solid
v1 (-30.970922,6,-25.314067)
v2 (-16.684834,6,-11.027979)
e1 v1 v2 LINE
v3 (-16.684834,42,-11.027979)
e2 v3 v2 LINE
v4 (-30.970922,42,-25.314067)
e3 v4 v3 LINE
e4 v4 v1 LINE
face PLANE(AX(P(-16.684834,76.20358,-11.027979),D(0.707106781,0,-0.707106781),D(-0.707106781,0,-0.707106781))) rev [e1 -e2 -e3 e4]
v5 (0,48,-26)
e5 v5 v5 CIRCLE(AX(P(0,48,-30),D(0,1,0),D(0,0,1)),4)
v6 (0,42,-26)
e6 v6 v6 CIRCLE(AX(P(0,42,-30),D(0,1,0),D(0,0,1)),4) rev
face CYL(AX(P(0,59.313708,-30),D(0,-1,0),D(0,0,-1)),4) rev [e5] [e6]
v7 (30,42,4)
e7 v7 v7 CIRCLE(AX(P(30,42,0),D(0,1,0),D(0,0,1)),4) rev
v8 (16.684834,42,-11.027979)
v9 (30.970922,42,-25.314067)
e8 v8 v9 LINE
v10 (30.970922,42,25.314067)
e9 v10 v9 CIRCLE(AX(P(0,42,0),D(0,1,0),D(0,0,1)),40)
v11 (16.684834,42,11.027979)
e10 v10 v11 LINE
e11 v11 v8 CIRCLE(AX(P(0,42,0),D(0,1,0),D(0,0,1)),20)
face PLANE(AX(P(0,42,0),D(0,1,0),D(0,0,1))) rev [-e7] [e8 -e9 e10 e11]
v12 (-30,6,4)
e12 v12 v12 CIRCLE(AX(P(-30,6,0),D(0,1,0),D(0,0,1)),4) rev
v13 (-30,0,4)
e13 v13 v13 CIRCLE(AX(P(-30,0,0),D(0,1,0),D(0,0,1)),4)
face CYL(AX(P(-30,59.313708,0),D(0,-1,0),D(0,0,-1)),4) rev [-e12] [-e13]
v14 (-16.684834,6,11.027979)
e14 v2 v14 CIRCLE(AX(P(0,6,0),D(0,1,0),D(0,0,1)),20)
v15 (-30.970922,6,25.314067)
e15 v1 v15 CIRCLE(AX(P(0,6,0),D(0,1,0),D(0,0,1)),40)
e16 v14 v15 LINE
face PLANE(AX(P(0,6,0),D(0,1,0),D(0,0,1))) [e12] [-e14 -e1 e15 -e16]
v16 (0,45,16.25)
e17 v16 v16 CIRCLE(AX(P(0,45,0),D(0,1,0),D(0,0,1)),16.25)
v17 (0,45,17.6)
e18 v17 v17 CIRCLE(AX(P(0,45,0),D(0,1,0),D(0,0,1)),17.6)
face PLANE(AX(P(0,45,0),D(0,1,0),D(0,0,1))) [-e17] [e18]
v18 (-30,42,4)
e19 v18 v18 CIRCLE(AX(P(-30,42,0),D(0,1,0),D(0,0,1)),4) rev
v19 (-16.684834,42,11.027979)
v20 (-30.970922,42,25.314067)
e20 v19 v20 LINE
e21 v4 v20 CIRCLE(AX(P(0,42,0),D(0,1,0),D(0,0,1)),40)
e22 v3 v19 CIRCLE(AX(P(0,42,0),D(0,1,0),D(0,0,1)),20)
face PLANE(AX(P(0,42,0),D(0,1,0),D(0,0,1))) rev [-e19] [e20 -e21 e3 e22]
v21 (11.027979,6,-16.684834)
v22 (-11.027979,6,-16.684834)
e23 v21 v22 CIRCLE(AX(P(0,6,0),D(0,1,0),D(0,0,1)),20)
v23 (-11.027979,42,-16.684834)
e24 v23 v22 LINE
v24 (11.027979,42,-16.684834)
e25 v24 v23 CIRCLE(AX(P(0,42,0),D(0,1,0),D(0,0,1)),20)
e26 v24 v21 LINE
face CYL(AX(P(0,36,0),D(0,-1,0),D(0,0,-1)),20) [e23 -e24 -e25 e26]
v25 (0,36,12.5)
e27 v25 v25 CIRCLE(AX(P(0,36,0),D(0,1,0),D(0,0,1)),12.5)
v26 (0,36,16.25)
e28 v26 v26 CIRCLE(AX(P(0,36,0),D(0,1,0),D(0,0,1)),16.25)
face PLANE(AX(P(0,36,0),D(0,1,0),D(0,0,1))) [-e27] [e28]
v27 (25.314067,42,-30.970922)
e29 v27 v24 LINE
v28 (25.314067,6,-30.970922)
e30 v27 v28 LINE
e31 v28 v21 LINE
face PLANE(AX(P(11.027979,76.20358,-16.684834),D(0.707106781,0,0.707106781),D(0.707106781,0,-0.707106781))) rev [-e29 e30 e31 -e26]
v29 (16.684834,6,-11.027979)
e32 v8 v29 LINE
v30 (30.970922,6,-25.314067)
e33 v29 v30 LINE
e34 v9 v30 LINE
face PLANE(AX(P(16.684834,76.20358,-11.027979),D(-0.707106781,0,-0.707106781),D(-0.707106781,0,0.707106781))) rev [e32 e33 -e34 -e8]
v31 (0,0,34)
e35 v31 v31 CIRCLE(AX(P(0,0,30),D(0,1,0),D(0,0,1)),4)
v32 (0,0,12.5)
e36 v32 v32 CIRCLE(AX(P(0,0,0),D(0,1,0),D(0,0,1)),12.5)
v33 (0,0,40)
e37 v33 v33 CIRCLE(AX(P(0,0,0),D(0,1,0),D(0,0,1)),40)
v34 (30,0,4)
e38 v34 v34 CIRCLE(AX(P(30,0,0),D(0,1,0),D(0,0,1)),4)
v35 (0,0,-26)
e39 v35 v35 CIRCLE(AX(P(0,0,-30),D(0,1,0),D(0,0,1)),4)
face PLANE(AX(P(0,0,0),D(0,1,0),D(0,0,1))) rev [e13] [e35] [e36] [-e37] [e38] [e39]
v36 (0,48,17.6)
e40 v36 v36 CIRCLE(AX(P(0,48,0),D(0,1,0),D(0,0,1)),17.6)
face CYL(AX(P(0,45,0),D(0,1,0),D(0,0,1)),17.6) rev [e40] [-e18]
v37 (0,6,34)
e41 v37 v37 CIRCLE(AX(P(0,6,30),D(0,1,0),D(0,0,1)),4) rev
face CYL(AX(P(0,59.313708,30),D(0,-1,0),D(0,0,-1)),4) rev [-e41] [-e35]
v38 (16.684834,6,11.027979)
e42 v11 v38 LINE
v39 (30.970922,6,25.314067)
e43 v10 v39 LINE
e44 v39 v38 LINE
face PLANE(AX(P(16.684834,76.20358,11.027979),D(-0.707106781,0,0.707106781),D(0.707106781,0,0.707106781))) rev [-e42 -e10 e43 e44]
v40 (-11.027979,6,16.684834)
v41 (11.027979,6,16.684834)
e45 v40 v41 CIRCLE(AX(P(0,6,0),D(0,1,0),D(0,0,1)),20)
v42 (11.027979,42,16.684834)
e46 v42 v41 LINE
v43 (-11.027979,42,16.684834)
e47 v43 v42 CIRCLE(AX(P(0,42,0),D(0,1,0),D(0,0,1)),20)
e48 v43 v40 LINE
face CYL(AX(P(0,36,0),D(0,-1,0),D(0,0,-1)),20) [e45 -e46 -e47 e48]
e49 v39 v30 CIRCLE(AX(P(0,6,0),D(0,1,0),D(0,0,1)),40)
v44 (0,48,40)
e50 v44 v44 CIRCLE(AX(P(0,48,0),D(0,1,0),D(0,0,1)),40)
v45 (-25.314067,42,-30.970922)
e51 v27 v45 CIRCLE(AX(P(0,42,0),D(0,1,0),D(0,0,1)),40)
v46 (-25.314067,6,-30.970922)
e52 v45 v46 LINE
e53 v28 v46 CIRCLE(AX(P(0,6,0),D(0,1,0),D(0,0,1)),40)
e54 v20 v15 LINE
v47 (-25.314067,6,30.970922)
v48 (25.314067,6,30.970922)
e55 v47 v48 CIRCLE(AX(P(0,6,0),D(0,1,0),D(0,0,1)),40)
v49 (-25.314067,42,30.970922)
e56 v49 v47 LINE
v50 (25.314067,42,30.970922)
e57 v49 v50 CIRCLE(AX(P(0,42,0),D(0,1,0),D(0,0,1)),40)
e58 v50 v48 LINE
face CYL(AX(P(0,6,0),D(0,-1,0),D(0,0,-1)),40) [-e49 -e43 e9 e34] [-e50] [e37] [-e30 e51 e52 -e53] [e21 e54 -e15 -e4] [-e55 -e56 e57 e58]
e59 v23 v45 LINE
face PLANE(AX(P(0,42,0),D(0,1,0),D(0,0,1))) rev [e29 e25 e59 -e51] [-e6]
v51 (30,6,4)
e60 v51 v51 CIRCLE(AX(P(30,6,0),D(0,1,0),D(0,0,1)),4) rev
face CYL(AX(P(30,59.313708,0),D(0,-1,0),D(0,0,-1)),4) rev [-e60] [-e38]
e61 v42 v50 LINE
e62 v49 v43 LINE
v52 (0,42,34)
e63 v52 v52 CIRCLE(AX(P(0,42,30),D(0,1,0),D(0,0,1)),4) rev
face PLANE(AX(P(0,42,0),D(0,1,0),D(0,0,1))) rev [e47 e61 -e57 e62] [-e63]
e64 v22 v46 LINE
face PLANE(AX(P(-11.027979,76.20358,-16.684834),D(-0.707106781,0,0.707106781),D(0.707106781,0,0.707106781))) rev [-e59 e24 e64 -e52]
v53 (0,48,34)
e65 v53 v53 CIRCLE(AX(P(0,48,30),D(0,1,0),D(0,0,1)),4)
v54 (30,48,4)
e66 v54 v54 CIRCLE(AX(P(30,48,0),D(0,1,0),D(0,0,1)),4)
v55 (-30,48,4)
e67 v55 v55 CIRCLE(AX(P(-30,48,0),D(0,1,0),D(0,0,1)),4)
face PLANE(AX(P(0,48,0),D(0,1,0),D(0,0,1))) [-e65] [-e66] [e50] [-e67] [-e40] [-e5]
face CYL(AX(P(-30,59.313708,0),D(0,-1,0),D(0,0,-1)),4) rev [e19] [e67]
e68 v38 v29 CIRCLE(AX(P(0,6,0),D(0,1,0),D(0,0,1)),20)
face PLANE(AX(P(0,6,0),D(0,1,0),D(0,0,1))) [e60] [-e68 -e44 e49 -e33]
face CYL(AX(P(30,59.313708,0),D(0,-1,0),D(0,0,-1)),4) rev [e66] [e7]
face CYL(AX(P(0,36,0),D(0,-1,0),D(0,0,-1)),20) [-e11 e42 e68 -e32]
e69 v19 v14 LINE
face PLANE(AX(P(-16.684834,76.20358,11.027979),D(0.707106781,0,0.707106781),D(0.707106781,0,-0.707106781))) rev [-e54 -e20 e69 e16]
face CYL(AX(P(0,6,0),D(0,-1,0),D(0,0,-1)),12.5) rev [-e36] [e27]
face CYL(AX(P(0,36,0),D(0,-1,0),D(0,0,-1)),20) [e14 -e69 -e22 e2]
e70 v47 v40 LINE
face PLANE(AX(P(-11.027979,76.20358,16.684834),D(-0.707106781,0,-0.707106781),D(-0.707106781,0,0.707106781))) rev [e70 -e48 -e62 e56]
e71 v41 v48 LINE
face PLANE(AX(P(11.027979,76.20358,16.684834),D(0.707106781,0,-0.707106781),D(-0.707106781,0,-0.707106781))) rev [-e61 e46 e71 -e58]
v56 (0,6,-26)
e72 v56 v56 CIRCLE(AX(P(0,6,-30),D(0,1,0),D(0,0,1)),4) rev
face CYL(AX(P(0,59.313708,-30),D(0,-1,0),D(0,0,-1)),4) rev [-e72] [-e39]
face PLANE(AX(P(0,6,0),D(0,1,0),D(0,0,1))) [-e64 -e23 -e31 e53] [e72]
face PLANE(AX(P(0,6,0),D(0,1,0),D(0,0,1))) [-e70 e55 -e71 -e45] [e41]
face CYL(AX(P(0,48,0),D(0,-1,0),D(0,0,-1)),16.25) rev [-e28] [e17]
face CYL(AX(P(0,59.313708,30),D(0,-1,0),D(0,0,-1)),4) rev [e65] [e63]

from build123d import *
from build123d.topology import SkipClean

# Parameters (mm, degrees)
SKETCH1_R           = 40
SKETCH1_R_2         = 12.5
BOSS_EXTRUDE1_DEPTH = 6
SKETCH3_R           = 20
SKETCH3_R_2         = 12.5
BOSS_EXTRUDE2_DEPTH = 30
SKETCH4_R           = 20
SKETCH4_R_2         = 16.25
BOSS_EXTRUDE3_DEPTH = 12
BOSS_EXTRUDE4_DEPTH = 42
SKETCH6_R           = 17.6
CUT_EXTRUDE2_DEPTH  = 3
BOSS_EXTRUDE5_START = -6
SKETCH7_R           = 40
SKETCH7_R_2         = 20
BOSS_EXTRUDE5_DEPTH = 6
CUT_EXTRUDE1_REACH  = 76.189
SKETCH2_R           = 4


with BuildPart() as part:
    # Sketch1 → Boss-Extrude1 (new body)
    with BuildSketch(Plane(origin=(0, 0, 0), x_dir=(1, 0, 0), z_dir=(0, 1, 0))):
        with Locations(Location((0, 0, 0), (0, 0, 270))):
            Circle(SKETCH1_R)
        with Locations(Location((0, 0, 0), (0, 0, 270))):
            Circle(SKETCH1_R_2, mode=Mode.SUBTRACT)
    extrude(amount=BOSS_EXTRUDE1_DEPTH)

    # Sketch3 → Boss-Extrude2 (add)
    with BuildSketch(Plane(origin=(0, 6, 0), x_dir=(1, 0, 0), z_dir=(0, 1, 0))):
        with Locations(Location((0, 0, 0), (0, 0, 270))):
            Circle(SKETCH3_R)
        with Locations(Location((0, 0, 0), (0, 0, 270))):
            Circle(SKETCH3_R_2, mode=Mode.SUBTRACT)
    extrude(amount=BOSS_EXTRUDE2_DEPTH)

    # Sketch4 → Boss-Extrude3 (add)
    with BuildSketch(Plane(origin=(0, 36, 0), x_dir=(1, 0, 0), z_dir=(0, 1, 0))):
        with Locations(Location((0, 0, 0), (0, 0, 270))):
            Circle(SKETCH4_R)
        with Locations(Location((0, 0, 0), (0, 0, 270))):
            Circle(SKETCH4_R_2, mode=Mode.SUBTRACT)
    extrude(amount=BOSS_EXTRUDE3_DEPTH)

    # Sketch5 → Boss-Extrude4 (add)
    with SkipClean():  # the faces are left unmerged after this step: merging them gives an invalid solid
        with BuildSketch(Plane(origin=(0, 6, 0), x_dir=(1, 0, 0), z_dir=(0, 1, 0))):
            with BuildLine():
                Line((-16.684833585, -11.027979336), (-30.970921684, -25.314067434))
                ThreePointArc((-30.970921684, -25.314067434), (-28.284271247, -28.284271247), (-25.314067434, -30.970921684))
                Line((-25.314067434, -30.970921684), (-11.027979336, -16.684833585))
                ThreePointArc((-11.027979336, -16.684833585), (-14.142135624, -14.142135624), (-16.684833585, -11.027979336))
            make_face()
            with BuildLine():
                Line((-16.684833585, 11.027979336), (-30.970921684, 25.314067434))
                ThreePointArc((-30.970921684, 25.314067434), (-28.284271247, 28.284271247), (-25.314067434, 30.970921684))
                Line((-25.314067434, 30.970921684), (-11.027979336, 16.684833585))
                ThreePointArc((-11.027979336, 16.684833585), (-14.142135624, 14.142135624), (-16.684833585, 11.027979336))
            make_face()
            with BuildLine():
                Line((11.027979336, 16.684833585), (25.314067434, 30.970921684))
                ThreePointArc((25.314067434, 30.970921684), (28.284271247, 28.284271247), (30.970921684, 25.314067434))
                Line((30.970921684, 25.314067434), (16.684833585, 11.027979336))
                ThreePointArc((16.684833585, 11.027979336), (14.142135624, 14.142135624), (11.027979336, 16.684833585))
            make_face()
            with BuildLine():
                Line((16.684833585, -11.027979336), (30.970921684, -25.314067434))
                ThreePointArc((30.970921684, -25.314067434), (28.284271247, -28.284271247), (25.314067434, -30.970921684))
                Line((25.314067434, -30.970921684), (11.027979336, -16.684833585))
                ThreePointArc((11.027979336, -16.684833585), (14.142135624, -14.142135624), (16.684833585, -11.027979336))
            make_face()
        extrude(amount=BOSS_EXTRUDE4_DEPTH)

    # Sketch6 → Cut-Extrude2 (cut)
    with SkipClean():  # the faces are left unmerged after this step: merging them gives an invalid solid
        with BuildSketch(Plane(origin=(0, 48, 0), x_dir=(1, 0, 0), z_dir=(0, 1, 0))):
            with Locations(Location((0, 0, 0), (0, 0, 270))):
                Circle(SKETCH6_R)
        extrude(amount=-CUT_EXTRUDE2_DEPTH, mode=Mode.SUBTRACT)

    # Sketch7 → Boss-Extrude5 (add)
    with SkipClean():  # the faces are left unmerged after this step: merging them gives an invalid solid
        with BuildSketch(Plane(origin=(0, 48, 0), x_dir=(1, 0, 0), z_dir=(0, 1, 0)).offset(BOSS_EXTRUDE5_START)):
            with Locations(Location((0, 0, 0), (0, 0, 270))):
                Circle(SKETCH7_R)
            Circle(SKETCH7_R_2, mode=Mode.SUBTRACT)
        extrude(amount=BOSS_EXTRUDE5_DEPTH)

    # Cut-Extrude1: up to this face of the body (flat: up to its plane)
    cut_extrude1_end = Plane(part.part.faces().sort_by_distance((0, 48, 29.129034722))[0])
    # Sketch2 → Cut-Extrude1 (cut, up to the picked face)
    with BuildSketch(Plane(origin=(0, 0, 0), x_dir=(1, 0, 0), z_dir=(0, 1, 0)), mode=Mode.PRIVATE) as cut_extrude1_sk1:
        with Locations(Location((0, 30, 0), (0, 0, 270))):
            Circle(SKETCH2_R)
    cut_extrude1_tool1 = split(extrude(cut_extrude1_sk1.sketch, amount=CUT_EXTRUDE1_REACH, mode=Mode.PRIVATE), bisect_by=cut_extrude1_end, keep=Keep.BOTH, mode=Mode.PRIVATE)
    # Sketch2 → Cut-Extrude1 (cut, up to the picked face)
    with BuildSketch(Plane(origin=(0, 0, 0), x_dir=(1, 0, 0), z_dir=(0, 1, 0)), mode=Mode.PRIVATE) as cut_extrude1_sk2:
        with Locations(Location((30, 0, 0), (0, 0, 270))):
            Circle(SKETCH2_R)
    cut_extrude1_tool2 = split(extrude(cut_extrude1_sk2.sketch, amount=CUT_EXTRUDE1_REACH, mode=Mode.PRIVATE), bisect_by=cut_extrude1_end, keep=Keep.BOTH, mode=Mode.PRIVATE)
    # Sketch2 → Cut-Extrude1 (cut, up to the picked face)
    with BuildSketch(Plane(origin=(0, 0, 0), x_dir=(1, 0, 0), z_dir=(0, 1, 0)), mode=Mode.PRIVATE) as cut_extrude1_sk3:
        with Locations(Location((0, -30, 0), (0, 0, 270))):
            Circle(SKETCH2_R)
    cut_extrude1_tool3 = split(extrude(cut_extrude1_sk3.sketch, amount=CUT_EXTRUDE1_REACH, mode=Mode.PRIVATE), bisect_by=cut_extrude1_end, keep=Keep.BOTH, mode=Mode.PRIVATE)
    # Sketch2 → Cut-Extrude1 (cut, up to the picked face)
    with BuildSketch(Plane(origin=(0, 0, 0), x_dir=(1, 0, 0), z_dir=(0, 1, 0)), mode=Mode.PRIVATE) as cut_extrude1_sk4:
        with Locations(Location((-30, 0, 0), (0, 0, 270))):
            Circle(SKETCH2_R)
    cut_extrude1_tool4 = split(extrude(cut_extrude1_sk4.sketch, amount=CUT_EXTRUDE1_REACH, mode=Mode.PRIVATE), bisect_by=cut_extrude1_end, keep=Keep.BOTH, mode=Mode.PRIVATE)
    add(cut_extrude1_tool1.solids().sort_by(Axis((0, 0, -30), (0, 1, 0)))[0], mode=Mode.SUBTRACT)
    add(cut_extrude1_tool2.solids().sort_by(Axis((30, 0, 0), (0, 1, 0)))[0], mode=Mode.SUBTRACT)
    add(cut_extrude1_tool3.solids().sort_by(Axis((0, 0, 30), (0, 1, 0)))[0], mode=Mode.SUBTRACT)
    add(cut_extrude1_tool4.solids().sort_by(Axis((-30, 0, 0), (0, 1, 0)))[0], mode=Mode.SUBTRACT)


solid = part.part
